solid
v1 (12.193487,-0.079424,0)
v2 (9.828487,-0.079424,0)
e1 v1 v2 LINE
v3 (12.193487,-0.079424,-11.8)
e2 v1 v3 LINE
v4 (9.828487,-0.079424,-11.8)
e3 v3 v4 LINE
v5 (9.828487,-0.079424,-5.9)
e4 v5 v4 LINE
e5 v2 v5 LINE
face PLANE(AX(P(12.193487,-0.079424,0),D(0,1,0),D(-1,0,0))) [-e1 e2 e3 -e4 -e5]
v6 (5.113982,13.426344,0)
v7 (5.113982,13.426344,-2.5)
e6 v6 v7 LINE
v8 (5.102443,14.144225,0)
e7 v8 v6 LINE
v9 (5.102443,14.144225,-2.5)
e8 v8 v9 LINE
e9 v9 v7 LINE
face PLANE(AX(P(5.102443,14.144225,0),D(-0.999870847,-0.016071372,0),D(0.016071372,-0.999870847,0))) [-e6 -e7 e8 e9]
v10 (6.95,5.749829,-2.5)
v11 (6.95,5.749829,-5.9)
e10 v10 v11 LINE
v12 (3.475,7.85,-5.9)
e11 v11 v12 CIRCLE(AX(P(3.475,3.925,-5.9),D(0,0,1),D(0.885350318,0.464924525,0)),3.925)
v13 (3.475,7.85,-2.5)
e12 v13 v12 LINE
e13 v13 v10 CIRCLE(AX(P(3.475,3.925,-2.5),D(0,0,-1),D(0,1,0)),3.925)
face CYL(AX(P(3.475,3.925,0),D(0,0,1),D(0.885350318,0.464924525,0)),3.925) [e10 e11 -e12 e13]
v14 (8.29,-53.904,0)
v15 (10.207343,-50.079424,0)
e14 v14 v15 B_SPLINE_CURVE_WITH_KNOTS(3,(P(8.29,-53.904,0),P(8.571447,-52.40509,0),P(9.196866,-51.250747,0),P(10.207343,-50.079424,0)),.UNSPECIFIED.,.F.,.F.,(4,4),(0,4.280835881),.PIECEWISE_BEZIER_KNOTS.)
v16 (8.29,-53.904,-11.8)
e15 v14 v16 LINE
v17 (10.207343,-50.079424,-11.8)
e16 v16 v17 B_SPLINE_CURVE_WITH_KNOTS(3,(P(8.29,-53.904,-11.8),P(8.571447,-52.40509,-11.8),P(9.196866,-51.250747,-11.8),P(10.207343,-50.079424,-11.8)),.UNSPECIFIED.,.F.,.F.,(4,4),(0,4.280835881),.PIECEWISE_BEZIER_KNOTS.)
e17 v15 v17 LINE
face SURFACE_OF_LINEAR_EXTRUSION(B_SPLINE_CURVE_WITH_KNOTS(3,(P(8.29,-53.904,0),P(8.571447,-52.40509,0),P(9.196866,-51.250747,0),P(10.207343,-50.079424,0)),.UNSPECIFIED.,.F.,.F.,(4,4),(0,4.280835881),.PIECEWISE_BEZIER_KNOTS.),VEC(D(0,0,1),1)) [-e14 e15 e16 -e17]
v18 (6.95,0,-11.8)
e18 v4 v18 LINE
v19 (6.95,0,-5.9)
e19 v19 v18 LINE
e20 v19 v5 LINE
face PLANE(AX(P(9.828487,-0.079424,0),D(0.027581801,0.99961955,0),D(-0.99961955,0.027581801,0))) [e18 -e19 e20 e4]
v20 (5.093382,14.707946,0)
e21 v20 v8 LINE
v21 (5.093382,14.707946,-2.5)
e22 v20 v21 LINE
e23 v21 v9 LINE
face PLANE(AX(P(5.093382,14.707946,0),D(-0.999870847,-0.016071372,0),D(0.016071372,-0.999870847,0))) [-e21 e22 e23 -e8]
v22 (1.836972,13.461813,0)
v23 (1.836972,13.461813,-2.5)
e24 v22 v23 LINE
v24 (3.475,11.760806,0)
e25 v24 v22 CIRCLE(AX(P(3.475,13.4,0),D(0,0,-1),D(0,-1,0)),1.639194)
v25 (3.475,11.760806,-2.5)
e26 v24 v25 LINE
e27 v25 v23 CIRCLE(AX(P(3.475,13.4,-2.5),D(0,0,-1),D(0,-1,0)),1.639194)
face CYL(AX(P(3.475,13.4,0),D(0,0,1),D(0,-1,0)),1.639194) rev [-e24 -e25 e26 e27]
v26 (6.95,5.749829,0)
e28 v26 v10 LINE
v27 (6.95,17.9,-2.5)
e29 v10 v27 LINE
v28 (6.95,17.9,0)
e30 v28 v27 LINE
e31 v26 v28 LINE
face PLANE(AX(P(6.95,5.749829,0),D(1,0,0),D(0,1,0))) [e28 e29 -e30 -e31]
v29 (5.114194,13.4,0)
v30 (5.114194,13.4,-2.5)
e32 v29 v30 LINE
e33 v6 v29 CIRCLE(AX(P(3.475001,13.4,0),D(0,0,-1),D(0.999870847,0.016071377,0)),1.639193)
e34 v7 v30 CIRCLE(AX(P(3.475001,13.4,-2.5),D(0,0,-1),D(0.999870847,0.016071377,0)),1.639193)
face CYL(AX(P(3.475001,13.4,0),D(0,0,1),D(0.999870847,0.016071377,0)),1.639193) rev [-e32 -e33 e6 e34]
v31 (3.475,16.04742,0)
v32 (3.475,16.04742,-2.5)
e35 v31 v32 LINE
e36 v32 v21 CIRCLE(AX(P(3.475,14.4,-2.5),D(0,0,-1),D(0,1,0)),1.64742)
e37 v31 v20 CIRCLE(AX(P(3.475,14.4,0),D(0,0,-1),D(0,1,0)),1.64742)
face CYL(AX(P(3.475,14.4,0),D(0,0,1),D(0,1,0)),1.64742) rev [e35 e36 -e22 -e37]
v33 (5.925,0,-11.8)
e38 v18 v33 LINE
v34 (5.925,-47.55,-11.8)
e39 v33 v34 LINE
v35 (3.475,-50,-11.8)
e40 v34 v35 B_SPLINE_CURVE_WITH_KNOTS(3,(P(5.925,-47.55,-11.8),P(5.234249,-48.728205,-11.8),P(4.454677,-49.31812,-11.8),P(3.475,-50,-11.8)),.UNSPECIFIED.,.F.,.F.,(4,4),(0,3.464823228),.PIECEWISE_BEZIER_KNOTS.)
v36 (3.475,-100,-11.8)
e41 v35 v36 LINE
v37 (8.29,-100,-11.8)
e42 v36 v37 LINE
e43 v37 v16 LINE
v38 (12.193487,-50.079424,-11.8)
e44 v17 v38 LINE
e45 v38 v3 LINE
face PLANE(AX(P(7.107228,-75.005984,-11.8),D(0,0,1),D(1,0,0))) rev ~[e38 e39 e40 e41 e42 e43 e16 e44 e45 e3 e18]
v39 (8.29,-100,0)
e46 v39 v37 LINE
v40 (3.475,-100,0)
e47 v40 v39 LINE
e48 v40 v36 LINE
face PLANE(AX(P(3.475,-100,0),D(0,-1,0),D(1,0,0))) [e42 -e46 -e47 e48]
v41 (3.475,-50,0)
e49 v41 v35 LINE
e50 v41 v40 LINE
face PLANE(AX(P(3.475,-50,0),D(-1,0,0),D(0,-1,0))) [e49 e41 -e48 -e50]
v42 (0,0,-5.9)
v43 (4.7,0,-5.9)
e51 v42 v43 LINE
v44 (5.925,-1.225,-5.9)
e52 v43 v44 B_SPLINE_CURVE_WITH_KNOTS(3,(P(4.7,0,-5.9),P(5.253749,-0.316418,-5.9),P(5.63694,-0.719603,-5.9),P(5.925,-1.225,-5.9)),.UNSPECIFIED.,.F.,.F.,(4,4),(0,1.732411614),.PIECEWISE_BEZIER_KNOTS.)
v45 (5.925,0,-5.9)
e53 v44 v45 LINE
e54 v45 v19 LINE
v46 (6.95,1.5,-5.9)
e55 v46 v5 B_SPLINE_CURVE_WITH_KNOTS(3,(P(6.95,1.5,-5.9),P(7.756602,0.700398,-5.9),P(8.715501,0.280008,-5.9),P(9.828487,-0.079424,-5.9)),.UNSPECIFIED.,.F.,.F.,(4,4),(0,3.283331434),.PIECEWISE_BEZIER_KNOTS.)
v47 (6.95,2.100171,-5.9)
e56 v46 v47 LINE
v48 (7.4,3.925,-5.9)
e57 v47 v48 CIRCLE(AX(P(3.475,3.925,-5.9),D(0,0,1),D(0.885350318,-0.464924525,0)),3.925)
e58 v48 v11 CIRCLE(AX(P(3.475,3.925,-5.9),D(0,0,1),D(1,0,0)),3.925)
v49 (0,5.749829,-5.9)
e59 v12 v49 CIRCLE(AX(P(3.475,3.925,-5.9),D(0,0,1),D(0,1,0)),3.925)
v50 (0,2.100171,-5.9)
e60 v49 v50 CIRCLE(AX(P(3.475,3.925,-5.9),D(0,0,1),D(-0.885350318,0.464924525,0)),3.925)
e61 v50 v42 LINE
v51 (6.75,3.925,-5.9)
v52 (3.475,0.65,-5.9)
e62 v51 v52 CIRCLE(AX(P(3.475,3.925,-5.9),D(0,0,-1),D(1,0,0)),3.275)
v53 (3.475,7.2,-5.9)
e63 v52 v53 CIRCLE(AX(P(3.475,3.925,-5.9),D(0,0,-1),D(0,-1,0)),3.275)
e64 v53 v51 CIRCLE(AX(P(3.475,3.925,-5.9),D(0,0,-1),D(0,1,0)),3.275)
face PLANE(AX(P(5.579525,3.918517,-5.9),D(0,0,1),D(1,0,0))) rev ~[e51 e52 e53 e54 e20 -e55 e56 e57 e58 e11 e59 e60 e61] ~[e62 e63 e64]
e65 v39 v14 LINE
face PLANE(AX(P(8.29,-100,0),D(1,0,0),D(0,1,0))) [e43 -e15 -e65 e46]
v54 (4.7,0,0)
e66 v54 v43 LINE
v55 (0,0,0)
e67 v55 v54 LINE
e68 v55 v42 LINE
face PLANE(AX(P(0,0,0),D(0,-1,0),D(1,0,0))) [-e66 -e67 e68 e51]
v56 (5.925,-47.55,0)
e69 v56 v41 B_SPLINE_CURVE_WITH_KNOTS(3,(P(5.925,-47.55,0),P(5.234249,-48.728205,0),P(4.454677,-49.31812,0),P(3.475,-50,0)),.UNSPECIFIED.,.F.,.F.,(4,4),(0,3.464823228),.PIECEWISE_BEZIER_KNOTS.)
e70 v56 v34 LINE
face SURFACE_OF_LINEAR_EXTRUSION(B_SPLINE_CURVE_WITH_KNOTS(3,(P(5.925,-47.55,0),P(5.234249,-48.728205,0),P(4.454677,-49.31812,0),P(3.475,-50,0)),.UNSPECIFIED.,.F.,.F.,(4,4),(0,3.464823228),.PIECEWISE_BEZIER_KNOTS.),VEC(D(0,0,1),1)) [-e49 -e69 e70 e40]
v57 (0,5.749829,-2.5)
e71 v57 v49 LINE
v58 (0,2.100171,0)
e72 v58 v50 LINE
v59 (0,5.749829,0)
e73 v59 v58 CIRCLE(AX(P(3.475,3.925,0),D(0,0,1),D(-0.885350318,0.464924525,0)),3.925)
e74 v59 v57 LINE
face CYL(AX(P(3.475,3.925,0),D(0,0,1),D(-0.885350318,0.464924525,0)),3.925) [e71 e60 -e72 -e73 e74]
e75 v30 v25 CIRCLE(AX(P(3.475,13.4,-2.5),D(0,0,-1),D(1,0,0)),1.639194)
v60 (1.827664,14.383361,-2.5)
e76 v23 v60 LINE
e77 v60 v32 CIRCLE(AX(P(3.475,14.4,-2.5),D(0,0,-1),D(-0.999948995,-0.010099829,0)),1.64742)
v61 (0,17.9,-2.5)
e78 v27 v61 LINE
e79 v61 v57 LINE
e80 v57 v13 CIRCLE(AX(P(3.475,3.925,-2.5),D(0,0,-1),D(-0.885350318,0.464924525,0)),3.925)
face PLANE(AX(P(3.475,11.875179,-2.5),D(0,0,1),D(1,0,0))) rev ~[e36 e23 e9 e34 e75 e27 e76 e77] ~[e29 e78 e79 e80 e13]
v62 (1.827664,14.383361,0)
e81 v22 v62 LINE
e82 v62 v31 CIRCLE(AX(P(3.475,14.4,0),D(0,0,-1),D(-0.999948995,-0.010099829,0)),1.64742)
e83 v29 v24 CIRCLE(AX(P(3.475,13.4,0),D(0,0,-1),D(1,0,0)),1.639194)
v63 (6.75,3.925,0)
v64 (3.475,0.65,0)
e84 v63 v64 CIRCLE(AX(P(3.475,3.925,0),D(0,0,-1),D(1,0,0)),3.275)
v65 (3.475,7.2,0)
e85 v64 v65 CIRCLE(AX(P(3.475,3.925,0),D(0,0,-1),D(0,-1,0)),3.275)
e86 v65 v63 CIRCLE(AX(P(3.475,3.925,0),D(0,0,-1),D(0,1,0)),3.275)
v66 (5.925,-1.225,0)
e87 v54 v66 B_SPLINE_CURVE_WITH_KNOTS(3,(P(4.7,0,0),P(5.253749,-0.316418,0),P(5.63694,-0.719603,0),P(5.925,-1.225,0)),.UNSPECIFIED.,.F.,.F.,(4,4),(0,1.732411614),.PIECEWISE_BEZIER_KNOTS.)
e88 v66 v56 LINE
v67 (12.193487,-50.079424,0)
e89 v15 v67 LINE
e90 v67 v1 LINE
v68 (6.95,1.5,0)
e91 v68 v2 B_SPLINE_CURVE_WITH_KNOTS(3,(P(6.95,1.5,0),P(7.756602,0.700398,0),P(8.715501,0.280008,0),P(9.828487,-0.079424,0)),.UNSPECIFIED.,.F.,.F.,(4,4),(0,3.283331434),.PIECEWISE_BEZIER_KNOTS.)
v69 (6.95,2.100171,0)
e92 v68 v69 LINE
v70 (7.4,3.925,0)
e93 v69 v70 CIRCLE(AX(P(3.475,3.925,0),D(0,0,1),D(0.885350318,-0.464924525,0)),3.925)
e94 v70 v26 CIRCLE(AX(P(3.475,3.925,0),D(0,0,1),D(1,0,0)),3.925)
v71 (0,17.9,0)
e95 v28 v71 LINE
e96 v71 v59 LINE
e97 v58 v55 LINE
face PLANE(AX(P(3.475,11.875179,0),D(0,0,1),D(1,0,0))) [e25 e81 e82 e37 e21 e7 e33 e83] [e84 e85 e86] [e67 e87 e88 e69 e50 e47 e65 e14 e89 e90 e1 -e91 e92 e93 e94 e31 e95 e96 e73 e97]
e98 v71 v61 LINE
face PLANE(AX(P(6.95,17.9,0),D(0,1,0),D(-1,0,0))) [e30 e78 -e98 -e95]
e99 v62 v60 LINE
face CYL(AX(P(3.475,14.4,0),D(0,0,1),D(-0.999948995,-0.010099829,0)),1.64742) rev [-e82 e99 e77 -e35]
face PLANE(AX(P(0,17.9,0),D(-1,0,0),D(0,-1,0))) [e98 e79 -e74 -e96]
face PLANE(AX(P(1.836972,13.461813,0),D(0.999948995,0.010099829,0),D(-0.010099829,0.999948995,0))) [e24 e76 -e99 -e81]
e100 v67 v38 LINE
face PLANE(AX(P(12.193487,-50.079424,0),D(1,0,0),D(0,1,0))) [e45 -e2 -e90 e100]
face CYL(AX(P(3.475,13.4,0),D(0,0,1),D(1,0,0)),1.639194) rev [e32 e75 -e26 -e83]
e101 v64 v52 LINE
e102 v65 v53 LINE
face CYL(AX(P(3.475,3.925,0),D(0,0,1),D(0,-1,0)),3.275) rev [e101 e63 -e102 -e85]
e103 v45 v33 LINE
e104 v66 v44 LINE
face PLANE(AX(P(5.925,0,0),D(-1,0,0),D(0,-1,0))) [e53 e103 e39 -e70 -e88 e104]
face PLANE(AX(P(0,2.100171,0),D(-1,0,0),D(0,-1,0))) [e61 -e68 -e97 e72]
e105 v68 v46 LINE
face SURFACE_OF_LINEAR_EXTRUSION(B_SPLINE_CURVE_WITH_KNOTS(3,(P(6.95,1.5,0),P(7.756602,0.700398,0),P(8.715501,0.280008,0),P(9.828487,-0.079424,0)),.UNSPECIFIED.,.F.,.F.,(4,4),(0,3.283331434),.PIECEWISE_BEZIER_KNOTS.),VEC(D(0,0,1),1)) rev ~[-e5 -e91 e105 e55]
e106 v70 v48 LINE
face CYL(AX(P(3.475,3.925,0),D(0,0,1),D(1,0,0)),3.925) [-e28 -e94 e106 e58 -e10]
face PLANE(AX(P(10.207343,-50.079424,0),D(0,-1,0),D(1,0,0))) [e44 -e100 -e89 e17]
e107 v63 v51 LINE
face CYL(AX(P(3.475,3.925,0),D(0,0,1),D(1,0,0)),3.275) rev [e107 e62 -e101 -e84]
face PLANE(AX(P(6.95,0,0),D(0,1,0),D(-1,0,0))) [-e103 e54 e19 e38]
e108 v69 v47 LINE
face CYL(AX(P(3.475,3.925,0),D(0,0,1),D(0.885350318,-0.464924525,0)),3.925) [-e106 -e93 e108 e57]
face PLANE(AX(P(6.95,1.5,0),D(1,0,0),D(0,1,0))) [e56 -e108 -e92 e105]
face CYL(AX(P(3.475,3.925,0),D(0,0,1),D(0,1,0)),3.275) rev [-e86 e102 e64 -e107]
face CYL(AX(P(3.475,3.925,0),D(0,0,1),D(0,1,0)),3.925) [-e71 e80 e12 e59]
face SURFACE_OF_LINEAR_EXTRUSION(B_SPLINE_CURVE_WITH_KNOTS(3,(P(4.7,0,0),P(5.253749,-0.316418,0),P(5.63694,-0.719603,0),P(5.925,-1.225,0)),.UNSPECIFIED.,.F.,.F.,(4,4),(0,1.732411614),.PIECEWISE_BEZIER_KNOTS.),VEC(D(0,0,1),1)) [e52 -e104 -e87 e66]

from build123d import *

# Parameters (mm, degrees)
F1_DEPTH = 5.9
F2_DEPTH = 11.8
F3_DEPTH = 2.5


with BuildPart() as f1:
    # F0 (on Top) → F1 (new body)
    with BuildSketch(Plane.XY):
        with BuildLine():
            Line((3.475, 0.65), (3.475, 0))
            ThreePointArc((3.475, 0), (4.7730375063, 0.2208504846), (5.925, 0.8585484677))
            ThreePointArc((5.925, 0.8585484677), (6.5018486959, 1.426237912), (6.95, 2.1001712409))
            Line((6.95, 2.1001712409), (6.95, 5.7498287591))
            ThreePointArc((6.95, 5.7498287591), (5.5051689733, 7.2841723593), (3.475, 7.85))
            Line((3.475, 7.85), (3.475, 7.2))
            ThreePointArc((3.475, 7.2), (5.7907747084, 6.2407747084), (6.75, 3.925))
            ThreePointArc((6.75, 3.925), (5.7907747084, 1.6092252916), (3.475, 0.65))
        make_face()
        with BuildLine():
            Line((0, 5.7498287591), (0, 2.1001712409))
            ThreePointArc((0, 2.1001712409), (0.4481513041, 1.426237912), (1.025, 0.8585484677))
            ThreePointArc((1.025, 0.8585484677), (2.1769624937, 0.2208504846), (3.475, 0))
            Line((3.475, 0), (3.475, 0.65))
            ThreePointArc((3.475, 0.65), (0.2, 3.925), (3.475, 7.2))
            Line((3.475, 7.2), (3.475, 7.85))
            ThreePointArc((3.475, 7.85), (1.4448310267, 7.2841723593), (0, 5.7498287591))
        make_face()
        with BuildLine():
            Line((0, 2.1001712409), (0, 0))
            Line((0, 0), (1.025, 0))
            Line((1.025, 0), (1.025, 0.8585484677))
            ThreePointArc((1.025, 0.8585484677), (0.4481513041, 1.426237912), (0, 2.1001712409))
        make_face()
        with BuildLine():
            Line((1.025, 0.8585484677), (1.025, 0))
            Line((1.025, 0), (3.475, 0))
            ThreePointArc((3.475, 0), (2.1769624937, 0.2208504846), (1.025, 0.8585484677))
        make_face()
        with BuildLine():
            ThreePointArc((0, 5.7498287591), (-0.45, 3.925), (0, 2.1001712409))
            Line((0, 2.1001712409), (0, 5.7498287591))
        make_face()
        with BuildLine():
            Line((6.95, 5.7498287591), (6.95, 2.1001712409))
            ThreePointArc((6.95, 2.1001712409), (7.2858398025, 2.9852526935), (7.4, 3.925))
            ThreePointArc((7.4, 3.925), (7.2858398025, 4.8647473065), (6.95, 5.7498287591))
        make_face()
        with BuildLine():
            ThreePointArc((6.95, 2.1001712409), (6.5018486959, 1.426237912), (5.925, 0.8585484677))
            Line((5.925, 0.8585484677), (5.925, 0))
            Line((5.925, 0), (6.95, 0))
            Line((6.95, 0), (6.95, 1.44))
            Line((6.95, 1.44), (6.95, 1.5))
            Line((6.95, 1.5), (6.95, 2.1001712409))
        make_face()
        with BuildLine():
            ThreePointArc((5.925, 0.8585484677), (4.7730375063, 0.2208504846), (3.475, 0))
            Line((3.475, 0), (4.7, 0))
            Line((4.7, 0), (5.925, 0))
            Line((5.925, 0), (5.925, 0.8585484677))
        make_face()
        with BuildLine():
            Line((5.925, 0), (4.7, 0))
            add(Edge.make_bspline(
                [(4.7, 0), (5.2537494339, -0.3164176305), (5.6369397789, -0.7196032093), (5.925, -1.225)],
                knots=[0, 0, 0, 0, 1.7324116139, 1.7324116139, 1.7324116139, 1.7324116139], degree=3))
            Line((5.925, -1.225), (5.925, -0.079424061))
            Line((5.925, -0.079424061), (5.925, 0))
        make_face()
        with BuildLine():
            Line((6.95, 1.44), (6.95, 0))
            Line((6.95, 0), (9.8284865708, -0.079424061))
            add(Edge.make_bspline(
                [(6.95, 1.5), (7.7566024847, 0.7003984647), (8.7155010551, 0.2800084476), (9.8284865708, -0.079424061)],
                knots=[0, 0, 0, 0, 3.2833314336, 3.2833314336, 3.2833314336, 3.2833314336], degree=3))
            Line((6.95, 1.5), (6.95, 1.44))
        make_face()
    extrude(amount=-F1_DEPTH)

    # F0 (on Top) → F2 (join)
    with BuildSketch(Plane.XY):
        Polygon((8.29, -50.0240602729), (5.925, -50), (5.925, -52.0125), (5.925, -100), (8.29, -100), (8.29, -53.904), align=None)
        with BuildLine():
            add(Edge.make_bspline(
                [(5.925, -47.55), (5.2342489362, -48.7282052636), (4.4546769932, -49.3181198835), (3.475, -50)],
                knots=[0, 0, 0, 0, 3.4648232278, 3.4648232278, 3.4648232278, 3.4648232278], degree=3))
            Line((3.475, -50), (5.925, -50))
            Line((5.925, -50), (5.925, -47.55))
        make_face()
        Polygon((5.925, -50), (3.475, -50), (3.475, -100), (5.925, -100), (5.925, -52.0125), align=None)
        with BuildLine():
            Line((9.8284865708, -50.079424061), (9.8284865708, -50.0397120305))
            Line((9.8284865708, -50.0397120305), (8.29, -50.0240602729))
            Line((8.29, -50.0240602729), (8.29, -53.904))
            add(Edge.make_bspline(
                [(8.29, -53.904), (8.5714472143, -52.4050904341), (9.1968655396, -51.250747129), (10.207343012, -50.079424061)],
                knots=[0, 0, 0, 0, 4.2808358806, 4.2808358806, 4.2808358806, 4.2808358806], degree=3))
            Line((10.207343012, -50.079424061), (9.8284865708, -50.079424061))
        make_face()
        Polygon((9.8284865708, -25), (5.925, -25), (5.925, -26.9515), (5.925, -28.903), (5.925, -47.55), (5.925, -50), (8.29, -50), (9.8284865708, -50.0313035152), align=None)
        Polygon((12.1934865708, -0.079424061), (9.8284865708, -0.079424061), (9.8284865708, -25), (9.8284865708, -50.0313035152), (10.2417432854, -50.0397120305), (12.1934865708, -50.079424061), align=None)
        with BuildLine():
            Line((10.2417432854, -50.0397120305), (9.8284865708, -50.0313035152))
            Line((9.8284865708, -50.0313035152), (9.8284865708, -50.0397120305))
            Line((9.8284865708, -50.0397120305), (9.8284865708, -50.079424061))
            Line((9.8284865708, -50.079424061), (10.207343012, -50.079424061))
            add(Edge.make_bspline(
                [(10.207343012, -50.079424061), (10.2187605889, -50.0661890592), (10.230227327, -50.0529518896), (10.2417432854, -50.0397120305)],
                knots=[4.2808358806, 4.2808358806, 4.2808358806, 4.2808358806, 4.3292058583, 4.3292058583, 4.3292058583, 4.3292058583], degree=3))
        make_face()
        with BuildLine():
            Line((10.207343012, -50.079424061), (12.1934865708, -50.079424061))
            Line((12.1934865708, -50.079424061), (10.2417432854, -50.0397120305))
            add(Edge.make_bspline(
                [(10.207343012, -50.079424061), (10.2187605889, -50.0661890592), (10.230227327, -50.0529518896), (10.2417432854, -50.0397120305)],
                knots=[4.2808358806, 4.2808358806, 4.2808358806, 4.2808358806, 4.3292058583, 4.3292058583, 4.3292058583, 4.3292058583], degree=3))
        make_face()
        Polygon((9.8284865708, -50.0397120305), (9.8284865708, -50.0313035152), (8.29, -50), (8.29, -50.0240602729), align=None)
        Polygon((8.29, -50.0240602729), (8.29, -50), (5.925, -50), align=None)
        Polygon((6.95, 0), (5.925, 0), (5.925, -0.079424061), (5.925, -1.225), (5.925, -21.3844068348), (5.925, -22.55), (5.925, -22.9875), (5.925, -25), (9.8284865708, -25), (9.8284865708, -0.079424061), align=None)
    extrude(amount=-F2_DEPTH)

    # F0 (on Top) → F3 (join)
    with BuildSketch(Plane.XY):
        with BuildLine():
            Line((0, 7.85), (0, 5.7498287591))
            ThreePointArc((0, 5.7498287591), (1.4448310267, 7.2841723593), (3.475, 7.85))
            ThreePointArc((3.475, 7.85), (5.5051689733, 7.2841723593), (6.95, 5.7498287591))
            Line((6.95, 5.7498287591), (6.95, 17.9))
            Line((6.95, 17.9), (3.475, 17.9))
            Line((3.475, 17.9), (0, 17.9))
            Line((0, 17.9), (0, 7.85))
        make_face()
        with BuildLine():
            ThreePointArc((1.8276640256, 14.3833613398), (2.3042302705, 15.55900427), (3.475, 16.0474200003))
            ThreePointArc((3.475, 16.0474200003), (4.5253988967, 15.6691157612), (5.0933824344, 14.7079463483))
            Line((5.0933824344, 14.7079463483), (5.1024433757, 14.1442252627))
            Line((5.1024433757, 14.1442252627), (5.113982201, 13.4263440945))
            ThreePointArc((5.113982201, 13.4263440945), (5.1141409801, 13.4131724726), (5.1141939076, 13.4))
            ThreePointArc((5.1141939076, 13.4), (4.6340851277, 12.2409148723), (3.475, 11.7608060924))
            ThreePointArc((3.475, 11.7608060924), (2.2942628451, 12.2629791393), (1.8369719791, 13.4618131819))
            Line((1.8369719791, 13.4618131819), (1.8276640256, 14.3833613398))
        make_face(mode=Mode.SUBTRACT)
    extrude(amount=-F3_DEPTH)


solid = f1.part
